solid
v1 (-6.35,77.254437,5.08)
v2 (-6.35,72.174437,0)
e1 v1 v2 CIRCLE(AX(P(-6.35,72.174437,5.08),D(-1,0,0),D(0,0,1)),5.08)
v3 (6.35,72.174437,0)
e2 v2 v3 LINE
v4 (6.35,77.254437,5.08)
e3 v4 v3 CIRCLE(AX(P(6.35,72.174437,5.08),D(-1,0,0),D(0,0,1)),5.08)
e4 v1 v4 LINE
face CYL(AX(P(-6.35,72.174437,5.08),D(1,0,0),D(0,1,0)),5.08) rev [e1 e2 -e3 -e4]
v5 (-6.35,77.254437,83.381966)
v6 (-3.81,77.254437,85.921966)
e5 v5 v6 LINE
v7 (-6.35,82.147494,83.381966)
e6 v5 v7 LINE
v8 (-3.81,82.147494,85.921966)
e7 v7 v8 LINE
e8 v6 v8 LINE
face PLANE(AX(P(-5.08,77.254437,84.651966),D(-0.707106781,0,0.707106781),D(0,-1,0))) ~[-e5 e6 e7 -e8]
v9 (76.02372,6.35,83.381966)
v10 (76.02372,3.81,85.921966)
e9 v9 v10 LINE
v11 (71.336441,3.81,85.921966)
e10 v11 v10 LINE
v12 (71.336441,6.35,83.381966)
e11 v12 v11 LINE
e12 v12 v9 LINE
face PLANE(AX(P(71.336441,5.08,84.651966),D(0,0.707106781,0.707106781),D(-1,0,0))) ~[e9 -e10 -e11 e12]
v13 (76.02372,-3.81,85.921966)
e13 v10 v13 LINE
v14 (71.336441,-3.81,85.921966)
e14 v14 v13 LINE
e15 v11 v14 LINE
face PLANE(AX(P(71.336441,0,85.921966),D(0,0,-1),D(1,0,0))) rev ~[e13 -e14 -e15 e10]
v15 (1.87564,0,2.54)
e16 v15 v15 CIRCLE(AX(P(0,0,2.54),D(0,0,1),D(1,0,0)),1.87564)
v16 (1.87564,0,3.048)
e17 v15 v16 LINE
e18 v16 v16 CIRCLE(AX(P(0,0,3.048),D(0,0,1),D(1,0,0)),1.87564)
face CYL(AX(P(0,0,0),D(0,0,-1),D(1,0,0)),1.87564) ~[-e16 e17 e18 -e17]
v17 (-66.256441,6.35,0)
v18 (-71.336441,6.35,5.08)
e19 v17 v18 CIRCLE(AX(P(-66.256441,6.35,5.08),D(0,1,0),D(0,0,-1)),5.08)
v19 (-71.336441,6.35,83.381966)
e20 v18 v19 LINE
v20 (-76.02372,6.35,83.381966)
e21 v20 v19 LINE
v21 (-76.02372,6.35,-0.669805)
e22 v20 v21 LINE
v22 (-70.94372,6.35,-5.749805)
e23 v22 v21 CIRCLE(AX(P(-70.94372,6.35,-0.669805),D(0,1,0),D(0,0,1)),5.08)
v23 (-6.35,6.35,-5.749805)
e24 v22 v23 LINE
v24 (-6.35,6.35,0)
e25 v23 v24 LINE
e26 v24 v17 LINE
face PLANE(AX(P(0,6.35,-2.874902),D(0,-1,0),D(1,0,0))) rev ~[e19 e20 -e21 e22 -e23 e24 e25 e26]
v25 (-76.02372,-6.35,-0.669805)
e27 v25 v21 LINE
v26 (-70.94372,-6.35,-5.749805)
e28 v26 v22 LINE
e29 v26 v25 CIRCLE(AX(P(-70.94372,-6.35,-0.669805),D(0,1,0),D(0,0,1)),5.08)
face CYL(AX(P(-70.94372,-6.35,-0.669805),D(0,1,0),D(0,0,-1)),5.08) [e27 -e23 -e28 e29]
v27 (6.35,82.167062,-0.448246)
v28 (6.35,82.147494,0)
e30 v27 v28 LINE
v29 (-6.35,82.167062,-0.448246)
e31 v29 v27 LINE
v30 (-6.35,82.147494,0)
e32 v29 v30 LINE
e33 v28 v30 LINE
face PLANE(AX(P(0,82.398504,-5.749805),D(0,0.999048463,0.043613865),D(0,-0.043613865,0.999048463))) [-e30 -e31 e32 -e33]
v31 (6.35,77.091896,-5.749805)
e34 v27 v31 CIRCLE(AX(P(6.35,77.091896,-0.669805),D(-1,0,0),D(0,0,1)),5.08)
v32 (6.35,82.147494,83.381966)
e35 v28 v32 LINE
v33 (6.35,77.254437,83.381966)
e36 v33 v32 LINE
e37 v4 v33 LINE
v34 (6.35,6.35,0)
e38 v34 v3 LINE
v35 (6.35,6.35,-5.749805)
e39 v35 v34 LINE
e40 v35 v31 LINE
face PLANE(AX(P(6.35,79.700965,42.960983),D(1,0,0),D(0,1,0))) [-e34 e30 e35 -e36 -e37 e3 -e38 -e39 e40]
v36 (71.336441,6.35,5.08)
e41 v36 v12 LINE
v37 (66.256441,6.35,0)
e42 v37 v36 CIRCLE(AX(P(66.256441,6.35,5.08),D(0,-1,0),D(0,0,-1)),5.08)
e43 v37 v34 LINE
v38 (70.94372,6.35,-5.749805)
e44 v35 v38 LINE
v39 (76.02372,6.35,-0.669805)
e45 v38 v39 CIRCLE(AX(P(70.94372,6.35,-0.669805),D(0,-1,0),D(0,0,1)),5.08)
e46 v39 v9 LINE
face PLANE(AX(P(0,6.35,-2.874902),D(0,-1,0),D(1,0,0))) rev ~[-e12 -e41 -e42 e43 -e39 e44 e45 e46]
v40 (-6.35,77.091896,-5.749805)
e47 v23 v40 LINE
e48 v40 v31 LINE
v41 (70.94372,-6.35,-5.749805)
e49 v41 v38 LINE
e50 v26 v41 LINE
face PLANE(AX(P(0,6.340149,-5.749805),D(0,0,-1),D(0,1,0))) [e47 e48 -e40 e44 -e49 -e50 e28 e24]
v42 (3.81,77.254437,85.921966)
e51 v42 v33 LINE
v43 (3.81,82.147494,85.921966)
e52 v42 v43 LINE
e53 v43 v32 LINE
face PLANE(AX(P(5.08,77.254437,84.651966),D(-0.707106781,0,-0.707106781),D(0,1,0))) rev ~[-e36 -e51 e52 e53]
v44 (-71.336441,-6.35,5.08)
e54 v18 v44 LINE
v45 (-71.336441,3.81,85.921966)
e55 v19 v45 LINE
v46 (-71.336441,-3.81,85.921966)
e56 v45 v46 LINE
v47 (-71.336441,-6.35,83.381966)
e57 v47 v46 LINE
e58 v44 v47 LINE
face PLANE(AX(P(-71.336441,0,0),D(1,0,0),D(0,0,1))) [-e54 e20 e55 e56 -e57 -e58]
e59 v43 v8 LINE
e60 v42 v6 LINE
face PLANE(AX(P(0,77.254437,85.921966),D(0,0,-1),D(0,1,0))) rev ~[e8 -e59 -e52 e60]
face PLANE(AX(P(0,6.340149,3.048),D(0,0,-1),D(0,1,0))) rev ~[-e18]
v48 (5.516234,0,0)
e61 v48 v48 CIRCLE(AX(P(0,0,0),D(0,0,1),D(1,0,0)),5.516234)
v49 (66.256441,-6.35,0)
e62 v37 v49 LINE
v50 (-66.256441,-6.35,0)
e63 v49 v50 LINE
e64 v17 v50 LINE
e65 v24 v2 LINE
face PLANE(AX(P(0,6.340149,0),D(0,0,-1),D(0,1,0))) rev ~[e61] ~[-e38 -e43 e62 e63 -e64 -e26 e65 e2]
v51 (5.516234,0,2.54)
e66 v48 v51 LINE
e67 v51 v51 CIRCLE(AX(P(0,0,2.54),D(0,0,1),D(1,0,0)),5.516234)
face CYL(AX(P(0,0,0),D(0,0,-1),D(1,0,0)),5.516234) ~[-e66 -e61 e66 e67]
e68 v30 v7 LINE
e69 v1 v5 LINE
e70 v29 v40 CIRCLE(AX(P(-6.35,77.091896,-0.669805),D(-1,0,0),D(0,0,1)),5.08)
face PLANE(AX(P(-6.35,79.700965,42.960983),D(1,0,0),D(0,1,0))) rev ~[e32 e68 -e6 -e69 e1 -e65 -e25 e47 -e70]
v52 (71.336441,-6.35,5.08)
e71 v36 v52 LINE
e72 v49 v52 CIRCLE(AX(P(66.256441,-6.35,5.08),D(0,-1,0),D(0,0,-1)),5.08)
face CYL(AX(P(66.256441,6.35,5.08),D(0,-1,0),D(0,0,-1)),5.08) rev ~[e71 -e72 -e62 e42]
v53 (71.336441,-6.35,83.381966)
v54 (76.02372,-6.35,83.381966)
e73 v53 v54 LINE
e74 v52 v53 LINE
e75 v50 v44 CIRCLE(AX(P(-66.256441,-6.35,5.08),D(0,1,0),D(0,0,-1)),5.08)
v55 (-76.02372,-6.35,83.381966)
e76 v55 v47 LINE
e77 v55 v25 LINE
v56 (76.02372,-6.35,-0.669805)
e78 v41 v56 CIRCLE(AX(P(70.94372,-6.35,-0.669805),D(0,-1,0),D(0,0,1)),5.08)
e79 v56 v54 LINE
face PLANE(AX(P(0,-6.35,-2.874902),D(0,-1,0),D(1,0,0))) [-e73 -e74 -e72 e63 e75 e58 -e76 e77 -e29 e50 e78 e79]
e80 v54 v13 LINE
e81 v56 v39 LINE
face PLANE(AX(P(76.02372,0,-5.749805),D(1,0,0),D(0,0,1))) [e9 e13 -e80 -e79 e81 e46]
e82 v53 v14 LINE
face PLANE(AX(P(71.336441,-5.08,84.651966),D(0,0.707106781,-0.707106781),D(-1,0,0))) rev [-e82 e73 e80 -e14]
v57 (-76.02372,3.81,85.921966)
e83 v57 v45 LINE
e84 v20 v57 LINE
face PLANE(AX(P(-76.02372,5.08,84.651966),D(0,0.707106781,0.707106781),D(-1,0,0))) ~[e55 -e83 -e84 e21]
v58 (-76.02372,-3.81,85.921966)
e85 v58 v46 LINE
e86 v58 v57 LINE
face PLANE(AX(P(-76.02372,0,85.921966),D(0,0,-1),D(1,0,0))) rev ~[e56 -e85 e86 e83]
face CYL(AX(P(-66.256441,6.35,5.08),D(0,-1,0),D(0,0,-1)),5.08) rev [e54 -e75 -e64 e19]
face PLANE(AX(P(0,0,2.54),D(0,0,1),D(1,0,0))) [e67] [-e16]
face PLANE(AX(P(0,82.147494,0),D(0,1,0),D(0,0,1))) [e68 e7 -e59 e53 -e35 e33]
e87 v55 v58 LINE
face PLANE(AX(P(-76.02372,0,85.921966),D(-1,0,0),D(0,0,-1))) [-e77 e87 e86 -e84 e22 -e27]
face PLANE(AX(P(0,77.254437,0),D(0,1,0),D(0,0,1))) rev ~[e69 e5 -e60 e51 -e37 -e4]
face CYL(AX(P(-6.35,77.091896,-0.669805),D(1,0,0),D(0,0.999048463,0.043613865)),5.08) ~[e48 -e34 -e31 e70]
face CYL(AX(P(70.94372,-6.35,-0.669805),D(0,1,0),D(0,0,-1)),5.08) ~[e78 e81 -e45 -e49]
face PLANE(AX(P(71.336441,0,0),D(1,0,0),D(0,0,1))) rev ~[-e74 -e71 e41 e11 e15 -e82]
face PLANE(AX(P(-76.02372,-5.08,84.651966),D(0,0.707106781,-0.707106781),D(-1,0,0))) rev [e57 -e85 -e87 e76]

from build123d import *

# Parameters (mm, degrees)
F0_W     = 4.6872794628
F0_H     = 85.9219655395
F1_DEPTH = 6.35
F2_W     = 4.8930570483
F2_H     = 85.9219655395
F2_W_2   = 70.9142880514
F2_H_2   = 5.7498048991
F3_DEPTH = 6.35
F4_R     = 5.08
F5_SIZE  = 2.54
F6_R     = 5.5162343309
F6_R_2   = 1.8756395143
F7_DEPTH = 2.54
F8_DEPTH = 3.048


with BuildPart() as f1:
    # F0 (on Front) → F1 (new body, symmetric)
    with BuildSketch(Plane.XZ):
        Polygon((76.0237202048, -5.7498048991), (76.0237202048, 0), (71.336440742, 0), (-71.336440742, 0), (-76.0237202048, 0), (-76.0237202048, -5.7498048991), (0, -5.7498048991), align=None)
        with Locations((-73.6800804734, 42.9609827697)):
            Rectangle(F0_W, F0_H)
        with Locations((73.6800804734, 42.9609827697)):
            Rectangle(F0_W, F0_H)
    extrude(amount=F1_DEPTH, both=True)

    # F2 (on Right) → F3 (join, symmetric)
    with BuildSketch(Plane.YZ):
        with Locations((79.7009654343, 42.9609827697)):
            Rectangle(F2_W, F2_H)
        with Locations((41.7972928844, -2.8749024495)):
            Rectangle(F2_W_2, F2_H_2)
        Polygon((82.1474939585, 0), (77.2544369102, 0), (77.2544369102, -5.7498048991), (82.3985040188, -5.7498048991), align=None)
    extrude(amount=F3_DEPTH, both=True)

    # F4
    f4_edges = [f1.edges().sort_by_distance(p)[0] for p in [
        (0, 77.254437, 0),
        (-71.336441, 0, 0),
        (71.336441, 0, 0),
        (-76.02372, 0, -5.749805),
        (76.02372, 0, -5.749805),
        (0, 82.398504, -5.749805),
    ]]
    fillet(f4_edges, radius=F4_R)

    # F5
    f5_edges = [f1.edges().sort_by_distance(p)[0] for p in [
        (-73.68008, -6.35, 85.921966),
        (-73.68008, 6.35, 85.921966),
        (73.68008, -6.35, 85.921966),
        (73.68008, 6.35, 85.921966),
        (6.35, 79.700965, 85.921966),
        (-6.35, 79.700965, 85.921966),
    ]]
    chamfer(f5_edges, length=F5_SIZE)

    # F6 (on face) → F7 (join)
    with BuildSketch(Plane.XY):
        Circle(F6_R)
        Circle(F6_R_2, mode=Mode.SUBTRACT)
    extrude(amount=F7_DEPTH)

    # F8 (add): a face of the model
    f8_faces = [f1.faces().sort_by_distance(p)[0] for p in [
        (0, 0, 0),
    ]]
    extrude(f8_faces, amount=F8_DEPTH)


solid = f1.part
